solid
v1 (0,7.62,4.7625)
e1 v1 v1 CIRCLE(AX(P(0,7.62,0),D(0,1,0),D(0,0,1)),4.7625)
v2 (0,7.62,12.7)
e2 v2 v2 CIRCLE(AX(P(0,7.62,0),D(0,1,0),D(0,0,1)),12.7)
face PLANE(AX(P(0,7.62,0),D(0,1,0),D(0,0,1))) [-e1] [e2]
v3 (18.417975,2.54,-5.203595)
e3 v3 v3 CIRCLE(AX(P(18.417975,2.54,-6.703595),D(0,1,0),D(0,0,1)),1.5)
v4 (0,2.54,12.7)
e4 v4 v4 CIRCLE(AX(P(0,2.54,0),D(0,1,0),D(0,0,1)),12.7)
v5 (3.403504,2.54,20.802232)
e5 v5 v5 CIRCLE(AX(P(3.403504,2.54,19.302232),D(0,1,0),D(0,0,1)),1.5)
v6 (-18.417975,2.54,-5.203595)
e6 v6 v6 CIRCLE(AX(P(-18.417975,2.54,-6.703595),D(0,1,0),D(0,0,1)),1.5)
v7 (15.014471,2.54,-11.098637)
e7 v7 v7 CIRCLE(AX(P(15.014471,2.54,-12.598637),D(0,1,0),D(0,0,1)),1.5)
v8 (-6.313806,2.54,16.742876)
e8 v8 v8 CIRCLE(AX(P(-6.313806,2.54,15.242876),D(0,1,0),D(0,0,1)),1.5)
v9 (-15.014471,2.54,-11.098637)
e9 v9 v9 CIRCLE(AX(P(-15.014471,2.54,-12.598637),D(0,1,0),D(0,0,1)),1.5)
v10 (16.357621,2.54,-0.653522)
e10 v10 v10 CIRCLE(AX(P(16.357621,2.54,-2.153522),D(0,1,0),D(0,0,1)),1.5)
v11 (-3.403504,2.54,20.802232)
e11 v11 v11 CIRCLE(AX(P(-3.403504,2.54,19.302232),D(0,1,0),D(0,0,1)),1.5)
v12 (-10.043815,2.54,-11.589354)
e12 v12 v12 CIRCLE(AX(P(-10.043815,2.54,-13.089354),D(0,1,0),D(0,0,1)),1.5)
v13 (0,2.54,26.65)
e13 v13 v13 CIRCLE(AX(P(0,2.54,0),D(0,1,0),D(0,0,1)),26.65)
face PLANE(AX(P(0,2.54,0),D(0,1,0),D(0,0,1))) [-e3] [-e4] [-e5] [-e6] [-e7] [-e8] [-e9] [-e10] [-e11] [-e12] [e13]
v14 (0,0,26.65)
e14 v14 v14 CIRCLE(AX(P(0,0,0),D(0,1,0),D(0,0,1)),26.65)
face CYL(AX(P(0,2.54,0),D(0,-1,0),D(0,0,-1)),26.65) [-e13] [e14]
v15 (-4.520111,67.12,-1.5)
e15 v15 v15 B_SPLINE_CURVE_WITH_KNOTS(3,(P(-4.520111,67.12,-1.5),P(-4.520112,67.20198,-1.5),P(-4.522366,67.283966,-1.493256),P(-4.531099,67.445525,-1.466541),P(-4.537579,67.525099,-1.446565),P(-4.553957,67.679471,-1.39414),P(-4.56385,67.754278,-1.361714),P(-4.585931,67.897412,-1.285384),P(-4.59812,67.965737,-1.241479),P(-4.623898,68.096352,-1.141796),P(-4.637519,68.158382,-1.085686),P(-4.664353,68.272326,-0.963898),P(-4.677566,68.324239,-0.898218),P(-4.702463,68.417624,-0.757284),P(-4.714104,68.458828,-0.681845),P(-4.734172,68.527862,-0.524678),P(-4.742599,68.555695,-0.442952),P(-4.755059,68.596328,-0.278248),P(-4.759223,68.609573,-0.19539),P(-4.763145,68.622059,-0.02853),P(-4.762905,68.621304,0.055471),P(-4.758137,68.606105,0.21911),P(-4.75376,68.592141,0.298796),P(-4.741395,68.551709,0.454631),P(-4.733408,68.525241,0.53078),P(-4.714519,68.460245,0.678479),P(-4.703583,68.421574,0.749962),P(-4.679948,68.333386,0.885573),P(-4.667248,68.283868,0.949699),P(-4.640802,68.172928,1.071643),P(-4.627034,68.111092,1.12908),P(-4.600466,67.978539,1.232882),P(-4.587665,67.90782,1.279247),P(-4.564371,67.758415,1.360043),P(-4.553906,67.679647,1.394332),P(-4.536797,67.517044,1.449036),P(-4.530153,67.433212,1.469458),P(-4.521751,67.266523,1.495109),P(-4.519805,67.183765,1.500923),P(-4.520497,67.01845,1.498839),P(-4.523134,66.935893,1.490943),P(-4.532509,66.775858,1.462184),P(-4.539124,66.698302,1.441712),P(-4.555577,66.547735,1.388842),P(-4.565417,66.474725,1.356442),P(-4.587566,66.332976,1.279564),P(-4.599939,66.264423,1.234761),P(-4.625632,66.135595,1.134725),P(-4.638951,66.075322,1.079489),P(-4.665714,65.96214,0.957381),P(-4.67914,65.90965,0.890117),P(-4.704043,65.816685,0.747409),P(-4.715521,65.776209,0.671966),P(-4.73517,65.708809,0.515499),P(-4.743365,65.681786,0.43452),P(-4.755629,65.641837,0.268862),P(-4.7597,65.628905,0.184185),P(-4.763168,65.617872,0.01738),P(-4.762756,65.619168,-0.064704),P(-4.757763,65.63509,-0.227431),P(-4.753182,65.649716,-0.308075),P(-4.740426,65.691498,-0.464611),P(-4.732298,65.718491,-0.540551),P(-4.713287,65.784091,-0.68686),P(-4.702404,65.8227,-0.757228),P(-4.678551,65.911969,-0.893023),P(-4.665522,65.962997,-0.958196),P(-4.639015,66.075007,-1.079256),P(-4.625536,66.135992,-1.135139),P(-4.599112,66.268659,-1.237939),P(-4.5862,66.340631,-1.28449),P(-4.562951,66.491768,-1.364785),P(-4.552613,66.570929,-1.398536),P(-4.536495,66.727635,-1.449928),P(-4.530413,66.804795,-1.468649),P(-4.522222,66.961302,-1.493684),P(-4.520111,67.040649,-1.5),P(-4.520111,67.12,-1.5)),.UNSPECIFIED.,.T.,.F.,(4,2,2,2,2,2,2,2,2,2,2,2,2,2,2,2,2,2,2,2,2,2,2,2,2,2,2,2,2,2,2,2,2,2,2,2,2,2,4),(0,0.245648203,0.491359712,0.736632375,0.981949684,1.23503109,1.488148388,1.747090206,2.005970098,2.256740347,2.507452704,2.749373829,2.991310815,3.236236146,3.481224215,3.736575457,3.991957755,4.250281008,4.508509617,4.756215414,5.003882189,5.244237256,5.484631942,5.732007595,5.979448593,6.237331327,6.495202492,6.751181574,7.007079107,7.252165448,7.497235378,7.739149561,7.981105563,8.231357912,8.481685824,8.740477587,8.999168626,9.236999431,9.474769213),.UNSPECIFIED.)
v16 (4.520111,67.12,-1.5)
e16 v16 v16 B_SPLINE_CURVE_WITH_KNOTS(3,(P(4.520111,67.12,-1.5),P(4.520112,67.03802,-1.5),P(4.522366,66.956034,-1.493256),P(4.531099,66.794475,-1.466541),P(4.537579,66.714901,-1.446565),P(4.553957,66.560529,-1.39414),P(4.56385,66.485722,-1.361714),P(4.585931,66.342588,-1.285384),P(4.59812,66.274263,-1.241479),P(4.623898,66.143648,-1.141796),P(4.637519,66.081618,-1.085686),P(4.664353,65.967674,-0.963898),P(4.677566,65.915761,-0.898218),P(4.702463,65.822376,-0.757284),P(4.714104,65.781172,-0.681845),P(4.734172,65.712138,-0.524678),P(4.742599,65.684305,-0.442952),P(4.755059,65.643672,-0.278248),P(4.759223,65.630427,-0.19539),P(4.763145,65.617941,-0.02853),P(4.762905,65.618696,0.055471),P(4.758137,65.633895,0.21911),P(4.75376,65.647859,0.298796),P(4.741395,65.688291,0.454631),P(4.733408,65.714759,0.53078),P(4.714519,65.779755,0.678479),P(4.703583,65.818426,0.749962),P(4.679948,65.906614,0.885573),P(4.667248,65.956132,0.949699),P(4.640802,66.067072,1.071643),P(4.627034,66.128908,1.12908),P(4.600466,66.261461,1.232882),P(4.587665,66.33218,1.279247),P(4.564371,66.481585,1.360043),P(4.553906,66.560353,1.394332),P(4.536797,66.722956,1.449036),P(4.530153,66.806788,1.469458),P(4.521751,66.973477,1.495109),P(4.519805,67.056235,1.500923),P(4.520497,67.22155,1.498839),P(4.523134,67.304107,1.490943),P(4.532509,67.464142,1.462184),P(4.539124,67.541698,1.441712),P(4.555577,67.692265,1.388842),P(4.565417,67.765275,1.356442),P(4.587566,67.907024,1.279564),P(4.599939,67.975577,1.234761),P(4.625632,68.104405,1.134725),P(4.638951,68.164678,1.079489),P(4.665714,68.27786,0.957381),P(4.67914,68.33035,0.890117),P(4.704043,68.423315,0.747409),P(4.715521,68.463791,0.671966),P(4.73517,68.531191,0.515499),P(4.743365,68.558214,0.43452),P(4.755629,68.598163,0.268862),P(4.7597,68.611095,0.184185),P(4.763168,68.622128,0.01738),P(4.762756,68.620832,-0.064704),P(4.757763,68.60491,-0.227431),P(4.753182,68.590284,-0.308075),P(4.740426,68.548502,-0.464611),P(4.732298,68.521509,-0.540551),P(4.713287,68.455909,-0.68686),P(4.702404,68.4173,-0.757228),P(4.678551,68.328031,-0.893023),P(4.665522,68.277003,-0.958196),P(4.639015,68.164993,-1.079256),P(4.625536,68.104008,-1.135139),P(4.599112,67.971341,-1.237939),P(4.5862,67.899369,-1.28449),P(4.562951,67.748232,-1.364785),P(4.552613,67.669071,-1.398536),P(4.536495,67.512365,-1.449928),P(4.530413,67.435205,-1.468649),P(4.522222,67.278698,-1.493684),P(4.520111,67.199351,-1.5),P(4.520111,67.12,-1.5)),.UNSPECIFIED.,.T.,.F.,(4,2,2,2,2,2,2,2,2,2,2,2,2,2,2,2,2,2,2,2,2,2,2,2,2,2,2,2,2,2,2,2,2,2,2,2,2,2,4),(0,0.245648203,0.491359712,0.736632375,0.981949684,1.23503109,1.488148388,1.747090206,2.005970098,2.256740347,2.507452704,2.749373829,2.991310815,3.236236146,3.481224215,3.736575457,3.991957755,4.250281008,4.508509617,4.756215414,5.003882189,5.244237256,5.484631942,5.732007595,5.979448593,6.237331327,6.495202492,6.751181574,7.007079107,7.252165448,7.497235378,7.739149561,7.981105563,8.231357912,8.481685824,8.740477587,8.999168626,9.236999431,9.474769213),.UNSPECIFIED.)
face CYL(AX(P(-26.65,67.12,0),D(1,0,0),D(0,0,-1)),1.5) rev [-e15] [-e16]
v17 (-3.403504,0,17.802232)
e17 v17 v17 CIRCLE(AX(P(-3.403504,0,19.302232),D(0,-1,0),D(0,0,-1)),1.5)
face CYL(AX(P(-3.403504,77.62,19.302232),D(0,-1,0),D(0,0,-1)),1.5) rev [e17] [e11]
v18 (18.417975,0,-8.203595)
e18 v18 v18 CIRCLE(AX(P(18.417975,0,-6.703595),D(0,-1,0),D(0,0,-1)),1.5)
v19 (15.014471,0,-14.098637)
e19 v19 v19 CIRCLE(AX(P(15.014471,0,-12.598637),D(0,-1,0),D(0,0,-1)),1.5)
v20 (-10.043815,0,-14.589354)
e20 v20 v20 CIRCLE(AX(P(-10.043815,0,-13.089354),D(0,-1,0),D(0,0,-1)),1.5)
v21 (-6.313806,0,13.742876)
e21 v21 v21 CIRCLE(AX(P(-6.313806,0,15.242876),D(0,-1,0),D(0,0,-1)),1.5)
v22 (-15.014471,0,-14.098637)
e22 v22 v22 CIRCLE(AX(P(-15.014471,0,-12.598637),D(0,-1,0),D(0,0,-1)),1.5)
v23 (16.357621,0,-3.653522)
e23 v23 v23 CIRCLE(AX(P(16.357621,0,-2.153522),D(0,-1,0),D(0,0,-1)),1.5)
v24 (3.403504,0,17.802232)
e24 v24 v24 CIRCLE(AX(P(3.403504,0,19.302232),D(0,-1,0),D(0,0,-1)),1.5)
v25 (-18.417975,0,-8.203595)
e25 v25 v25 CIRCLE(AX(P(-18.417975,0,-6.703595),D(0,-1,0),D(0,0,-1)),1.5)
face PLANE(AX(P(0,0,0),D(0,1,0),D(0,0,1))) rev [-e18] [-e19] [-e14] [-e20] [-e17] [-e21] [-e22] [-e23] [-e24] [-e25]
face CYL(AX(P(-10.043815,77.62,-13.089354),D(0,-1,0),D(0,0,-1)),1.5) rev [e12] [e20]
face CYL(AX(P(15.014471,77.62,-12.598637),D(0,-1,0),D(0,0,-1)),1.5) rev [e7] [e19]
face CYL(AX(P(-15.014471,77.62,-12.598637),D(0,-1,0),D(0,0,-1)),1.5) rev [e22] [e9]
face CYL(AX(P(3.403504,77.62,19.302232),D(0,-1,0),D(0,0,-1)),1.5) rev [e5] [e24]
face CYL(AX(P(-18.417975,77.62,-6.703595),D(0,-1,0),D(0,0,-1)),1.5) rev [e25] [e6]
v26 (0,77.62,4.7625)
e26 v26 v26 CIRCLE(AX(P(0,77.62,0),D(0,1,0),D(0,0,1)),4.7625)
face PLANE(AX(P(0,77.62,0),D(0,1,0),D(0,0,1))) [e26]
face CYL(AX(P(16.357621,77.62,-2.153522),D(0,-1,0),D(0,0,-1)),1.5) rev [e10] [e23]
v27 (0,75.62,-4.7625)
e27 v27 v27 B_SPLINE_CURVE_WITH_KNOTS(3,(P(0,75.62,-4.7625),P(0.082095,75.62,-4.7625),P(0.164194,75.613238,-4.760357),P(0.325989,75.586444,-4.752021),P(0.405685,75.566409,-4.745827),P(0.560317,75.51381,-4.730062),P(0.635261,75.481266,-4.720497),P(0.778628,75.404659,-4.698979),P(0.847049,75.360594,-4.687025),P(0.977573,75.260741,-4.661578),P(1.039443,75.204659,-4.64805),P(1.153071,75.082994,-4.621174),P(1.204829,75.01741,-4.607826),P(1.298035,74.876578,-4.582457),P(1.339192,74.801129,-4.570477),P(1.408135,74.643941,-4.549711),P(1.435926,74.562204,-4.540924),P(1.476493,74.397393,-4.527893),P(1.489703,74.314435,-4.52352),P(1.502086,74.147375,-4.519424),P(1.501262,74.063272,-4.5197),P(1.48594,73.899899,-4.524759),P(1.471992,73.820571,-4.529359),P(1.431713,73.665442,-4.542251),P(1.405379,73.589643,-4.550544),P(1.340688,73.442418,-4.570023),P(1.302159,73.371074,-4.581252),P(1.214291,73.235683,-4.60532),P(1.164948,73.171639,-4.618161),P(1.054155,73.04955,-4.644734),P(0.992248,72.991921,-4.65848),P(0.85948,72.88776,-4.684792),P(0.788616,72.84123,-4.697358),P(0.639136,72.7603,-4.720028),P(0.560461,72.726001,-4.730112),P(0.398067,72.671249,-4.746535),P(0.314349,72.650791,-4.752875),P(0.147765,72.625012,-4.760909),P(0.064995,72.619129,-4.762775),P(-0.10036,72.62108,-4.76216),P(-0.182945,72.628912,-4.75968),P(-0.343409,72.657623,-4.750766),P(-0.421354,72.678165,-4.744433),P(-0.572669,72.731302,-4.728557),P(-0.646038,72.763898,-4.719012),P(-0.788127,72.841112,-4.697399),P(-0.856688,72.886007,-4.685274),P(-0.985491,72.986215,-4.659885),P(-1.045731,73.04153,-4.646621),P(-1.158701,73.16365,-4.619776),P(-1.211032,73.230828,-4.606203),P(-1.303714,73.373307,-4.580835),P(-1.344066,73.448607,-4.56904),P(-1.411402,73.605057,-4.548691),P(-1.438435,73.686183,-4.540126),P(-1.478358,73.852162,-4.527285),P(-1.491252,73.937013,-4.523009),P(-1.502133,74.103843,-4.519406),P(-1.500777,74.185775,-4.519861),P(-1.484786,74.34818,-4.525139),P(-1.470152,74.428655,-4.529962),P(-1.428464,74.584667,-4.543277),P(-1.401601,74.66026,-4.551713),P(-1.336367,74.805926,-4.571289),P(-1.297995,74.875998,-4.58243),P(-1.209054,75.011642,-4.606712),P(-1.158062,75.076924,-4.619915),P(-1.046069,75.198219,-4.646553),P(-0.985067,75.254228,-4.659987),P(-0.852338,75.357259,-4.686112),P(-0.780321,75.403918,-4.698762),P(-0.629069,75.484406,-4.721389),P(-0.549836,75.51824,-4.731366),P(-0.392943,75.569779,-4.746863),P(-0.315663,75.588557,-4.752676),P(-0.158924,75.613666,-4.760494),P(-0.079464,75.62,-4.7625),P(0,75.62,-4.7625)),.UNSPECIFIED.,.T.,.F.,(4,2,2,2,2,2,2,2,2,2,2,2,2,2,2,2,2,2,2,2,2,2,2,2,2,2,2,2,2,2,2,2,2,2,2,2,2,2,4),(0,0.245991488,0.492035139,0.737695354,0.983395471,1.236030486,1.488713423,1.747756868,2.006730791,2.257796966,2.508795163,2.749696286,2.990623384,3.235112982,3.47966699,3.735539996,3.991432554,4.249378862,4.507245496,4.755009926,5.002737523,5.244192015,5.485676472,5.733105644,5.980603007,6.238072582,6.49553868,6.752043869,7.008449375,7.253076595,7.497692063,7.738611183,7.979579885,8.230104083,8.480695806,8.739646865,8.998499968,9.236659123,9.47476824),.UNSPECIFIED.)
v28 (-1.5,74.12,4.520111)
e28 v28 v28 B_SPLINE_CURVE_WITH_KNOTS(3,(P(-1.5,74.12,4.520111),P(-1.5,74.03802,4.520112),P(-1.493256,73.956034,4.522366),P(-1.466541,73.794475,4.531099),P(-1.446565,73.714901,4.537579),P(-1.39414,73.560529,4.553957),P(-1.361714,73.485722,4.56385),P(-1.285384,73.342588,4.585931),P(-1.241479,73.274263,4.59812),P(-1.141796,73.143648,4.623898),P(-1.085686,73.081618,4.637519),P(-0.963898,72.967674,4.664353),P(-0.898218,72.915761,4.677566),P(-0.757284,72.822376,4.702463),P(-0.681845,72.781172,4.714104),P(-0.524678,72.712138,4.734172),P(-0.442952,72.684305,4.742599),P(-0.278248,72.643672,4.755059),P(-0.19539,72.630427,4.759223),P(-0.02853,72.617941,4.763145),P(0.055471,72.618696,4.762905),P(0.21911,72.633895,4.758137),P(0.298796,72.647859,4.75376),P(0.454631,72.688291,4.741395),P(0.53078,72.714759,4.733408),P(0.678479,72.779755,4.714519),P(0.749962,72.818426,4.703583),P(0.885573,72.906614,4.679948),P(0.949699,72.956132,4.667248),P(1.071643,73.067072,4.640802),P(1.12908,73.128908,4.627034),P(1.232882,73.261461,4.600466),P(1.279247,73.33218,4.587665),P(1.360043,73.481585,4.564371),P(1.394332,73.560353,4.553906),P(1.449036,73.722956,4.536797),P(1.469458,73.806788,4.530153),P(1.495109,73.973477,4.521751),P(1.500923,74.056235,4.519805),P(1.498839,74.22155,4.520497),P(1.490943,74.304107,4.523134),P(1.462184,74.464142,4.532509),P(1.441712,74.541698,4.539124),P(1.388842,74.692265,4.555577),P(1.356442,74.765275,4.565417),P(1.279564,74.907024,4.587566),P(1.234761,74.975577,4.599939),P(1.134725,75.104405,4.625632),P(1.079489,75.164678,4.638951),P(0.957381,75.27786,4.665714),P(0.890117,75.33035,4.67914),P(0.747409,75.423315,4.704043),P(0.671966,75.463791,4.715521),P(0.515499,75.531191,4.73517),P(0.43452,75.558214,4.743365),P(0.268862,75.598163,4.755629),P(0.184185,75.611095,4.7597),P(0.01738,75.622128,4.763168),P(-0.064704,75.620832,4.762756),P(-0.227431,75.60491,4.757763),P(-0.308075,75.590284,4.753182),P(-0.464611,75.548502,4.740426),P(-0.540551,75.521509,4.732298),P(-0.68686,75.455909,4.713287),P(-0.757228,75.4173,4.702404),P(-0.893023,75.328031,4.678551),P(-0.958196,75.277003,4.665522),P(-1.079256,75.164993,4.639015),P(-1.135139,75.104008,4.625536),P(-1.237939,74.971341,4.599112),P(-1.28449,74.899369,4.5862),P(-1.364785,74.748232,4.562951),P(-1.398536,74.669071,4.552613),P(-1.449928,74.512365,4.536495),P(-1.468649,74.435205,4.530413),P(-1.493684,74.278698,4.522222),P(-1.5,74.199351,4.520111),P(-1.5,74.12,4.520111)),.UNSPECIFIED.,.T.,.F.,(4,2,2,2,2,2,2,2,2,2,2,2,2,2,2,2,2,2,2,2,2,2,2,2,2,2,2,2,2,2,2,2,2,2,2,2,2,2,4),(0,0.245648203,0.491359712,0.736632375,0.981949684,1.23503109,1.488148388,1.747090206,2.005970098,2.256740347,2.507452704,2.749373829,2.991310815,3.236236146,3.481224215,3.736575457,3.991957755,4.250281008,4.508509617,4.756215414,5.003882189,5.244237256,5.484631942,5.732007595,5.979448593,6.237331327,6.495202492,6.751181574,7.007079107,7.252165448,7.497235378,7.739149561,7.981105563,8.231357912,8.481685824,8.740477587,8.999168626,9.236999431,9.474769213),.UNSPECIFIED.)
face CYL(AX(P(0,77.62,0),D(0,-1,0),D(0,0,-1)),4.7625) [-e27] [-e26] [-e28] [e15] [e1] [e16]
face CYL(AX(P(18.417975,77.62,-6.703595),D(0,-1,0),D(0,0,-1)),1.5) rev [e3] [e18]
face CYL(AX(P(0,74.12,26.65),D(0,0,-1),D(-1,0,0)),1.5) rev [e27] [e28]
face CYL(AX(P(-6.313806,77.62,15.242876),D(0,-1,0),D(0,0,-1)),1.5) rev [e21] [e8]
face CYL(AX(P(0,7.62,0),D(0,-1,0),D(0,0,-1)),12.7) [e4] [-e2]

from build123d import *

# Parameters (mm, degrees)
SKETCH1_R               = 26.65
BOSS_EXTRUDE1_DEPTH     = 2.54
SKETCH2_R               = 12.7
BOSS_EXTRUDE2_DEPTH     = 5.08
SKETCH4_R               = 4.7625
BOSS_EXTRUDE3_DEPTH     = 70
SKETCH6_R               = 1.5
CUT_EXTRUDE2_DEPTH      = 87.286206314
CUT_EXTRUDE3_DEPTH      = 87.286206314
CUT_EXTRUDE3_DEPTH_BACK = 87.286206314
SKETCH7_R               = 1.5
CUT_EXTRUDE4_DEPTH      = 87.286206404
CUT_EXTRUDE4_DEPTH_BACK = 87.286206404
SKETCH8_R               = 1.5


with BuildPart() as part:
    # Sketch1 → Boss-Extrude1 (new body)
    with BuildSketch(Plane(origin=(0, 0, 0), x_dir=(1, 0, 0), z_dir=(0, 1, 0))):
        with Locations(Location((0, 0, 0), (0, 0, 270))):
            Circle(SKETCH1_R)
    extrude(amount=BOSS_EXTRUDE1_DEPTH)

    # Sketch2 → Boss-Extrude2 (add)
    with BuildSketch(Plane(origin=(0, 2.54, 0), x_dir=(1, 0, 0), z_dir=(0, 1, 0))):
        with Locations(Location((0, 0, 0), (0, 0, 270))):
            Circle(SKETCH2_R)
    extrude(amount=BOSS_EXTRUDE2_DEPTH)

    # Sketch4 → Boss-Extrude3 (add)
    with BuildSketch(Plane(origin=(0, 7.62, 0), x_dir=(1, 0, 0), z_dir=(0, 1, 0))):
        with Locations(Location((0, 0, 0), (0, 0, 270))):
            Circle(SKETCH4_R)
    extrude(amount=BOSS_EXTRUDE3_DEPTH)

    # Sketch6 → Cut-Extrude2 (cut, through all)
    with BuildSketch(Plane(origin=(0, 0, 0), x_dir=(-1, 0, 0), z_dir=(0, -1, 0))):
        with Locations(Location((6.313805851, -15.242875716, 0), (0, 0, 90))):
            Circle(SKETCH6_R)
        with Locations(Location((-16.357620523, 2.153521596, 0), (0, 0, 90))):
            Circle(SKETCH6_R)
        with Locations(Location((10.043814672, 13.08935412, 0), (0, 0, 90))):
            Circle(SKETCH6_R)
        with Locations(Location((-3.403504282, -19.302231959, 0), (0, 0, 90))):
            Circle(SKETCH6_R)
        with Locations(Location((-18.417975367, 6.703594809, 0), (0, 0, 90))):
            Circle(SKETCH6_R)
        with Locations(Location((-15.014471085, 12.59863715, 0), (0, 0, 90))):
            Circle(SKETCH6_R)
        with Locations(Location((15.014471085, 12.59863715, 0), (0, 0, 90))):
            Circle(SKETCH6_R)
        with Locations(Location((18.417975367, 6.703594809, 0), (0, 0, 90))):
            Circle(SKETCH6_R)
        with Locations(Location((3.403504282, -19.302231959, 0), (0, 0, 90))):
            Circle(SKETCH6_R)
    extrude(amount=-CUT_EXTRUDE2_DEPTH, mode=Mode.SUBTRACT)

    # Sketch7 → Cut-Extrude3 (cut, two sides: drawn at the far end of the back side and taken through both)
    with BuildSketch(Plane.XY.offset(-CUT_EXTRUDE3_DEPTH_BACK)):
        with Locations(Location((0, 74.12, 0), (0, 0, 90.00000001))):
            Circle(SKETCH7_R)
    extrude(amount=CUT_EXTRUDE3_DEPTH + CUT_EXTRUDE3_DEPTH_BACK, mode=Mode.SUBTRACT)

    # Sketch8 → Cut-Extrude4 (cut, two sides: drawn at the far end of the back side and taken through both)
    with BuildSketch(Plane(origin=(0, 0, 0), x_dir=(0, 0, -1), z_dir=(1, 0, 0)).offset(-CUT_EXTRUDE4_DEPTH_BACK)):
        with Locations((0, 67.12)):
            Circle(SKETCH8_R)
    extrude(amount=CUT_EXTRUDE4_DEPTH + CUT_EXTRUDE4_DEPTH_BACK, mode=Mode.SUBTRACT)


solid = part.part
